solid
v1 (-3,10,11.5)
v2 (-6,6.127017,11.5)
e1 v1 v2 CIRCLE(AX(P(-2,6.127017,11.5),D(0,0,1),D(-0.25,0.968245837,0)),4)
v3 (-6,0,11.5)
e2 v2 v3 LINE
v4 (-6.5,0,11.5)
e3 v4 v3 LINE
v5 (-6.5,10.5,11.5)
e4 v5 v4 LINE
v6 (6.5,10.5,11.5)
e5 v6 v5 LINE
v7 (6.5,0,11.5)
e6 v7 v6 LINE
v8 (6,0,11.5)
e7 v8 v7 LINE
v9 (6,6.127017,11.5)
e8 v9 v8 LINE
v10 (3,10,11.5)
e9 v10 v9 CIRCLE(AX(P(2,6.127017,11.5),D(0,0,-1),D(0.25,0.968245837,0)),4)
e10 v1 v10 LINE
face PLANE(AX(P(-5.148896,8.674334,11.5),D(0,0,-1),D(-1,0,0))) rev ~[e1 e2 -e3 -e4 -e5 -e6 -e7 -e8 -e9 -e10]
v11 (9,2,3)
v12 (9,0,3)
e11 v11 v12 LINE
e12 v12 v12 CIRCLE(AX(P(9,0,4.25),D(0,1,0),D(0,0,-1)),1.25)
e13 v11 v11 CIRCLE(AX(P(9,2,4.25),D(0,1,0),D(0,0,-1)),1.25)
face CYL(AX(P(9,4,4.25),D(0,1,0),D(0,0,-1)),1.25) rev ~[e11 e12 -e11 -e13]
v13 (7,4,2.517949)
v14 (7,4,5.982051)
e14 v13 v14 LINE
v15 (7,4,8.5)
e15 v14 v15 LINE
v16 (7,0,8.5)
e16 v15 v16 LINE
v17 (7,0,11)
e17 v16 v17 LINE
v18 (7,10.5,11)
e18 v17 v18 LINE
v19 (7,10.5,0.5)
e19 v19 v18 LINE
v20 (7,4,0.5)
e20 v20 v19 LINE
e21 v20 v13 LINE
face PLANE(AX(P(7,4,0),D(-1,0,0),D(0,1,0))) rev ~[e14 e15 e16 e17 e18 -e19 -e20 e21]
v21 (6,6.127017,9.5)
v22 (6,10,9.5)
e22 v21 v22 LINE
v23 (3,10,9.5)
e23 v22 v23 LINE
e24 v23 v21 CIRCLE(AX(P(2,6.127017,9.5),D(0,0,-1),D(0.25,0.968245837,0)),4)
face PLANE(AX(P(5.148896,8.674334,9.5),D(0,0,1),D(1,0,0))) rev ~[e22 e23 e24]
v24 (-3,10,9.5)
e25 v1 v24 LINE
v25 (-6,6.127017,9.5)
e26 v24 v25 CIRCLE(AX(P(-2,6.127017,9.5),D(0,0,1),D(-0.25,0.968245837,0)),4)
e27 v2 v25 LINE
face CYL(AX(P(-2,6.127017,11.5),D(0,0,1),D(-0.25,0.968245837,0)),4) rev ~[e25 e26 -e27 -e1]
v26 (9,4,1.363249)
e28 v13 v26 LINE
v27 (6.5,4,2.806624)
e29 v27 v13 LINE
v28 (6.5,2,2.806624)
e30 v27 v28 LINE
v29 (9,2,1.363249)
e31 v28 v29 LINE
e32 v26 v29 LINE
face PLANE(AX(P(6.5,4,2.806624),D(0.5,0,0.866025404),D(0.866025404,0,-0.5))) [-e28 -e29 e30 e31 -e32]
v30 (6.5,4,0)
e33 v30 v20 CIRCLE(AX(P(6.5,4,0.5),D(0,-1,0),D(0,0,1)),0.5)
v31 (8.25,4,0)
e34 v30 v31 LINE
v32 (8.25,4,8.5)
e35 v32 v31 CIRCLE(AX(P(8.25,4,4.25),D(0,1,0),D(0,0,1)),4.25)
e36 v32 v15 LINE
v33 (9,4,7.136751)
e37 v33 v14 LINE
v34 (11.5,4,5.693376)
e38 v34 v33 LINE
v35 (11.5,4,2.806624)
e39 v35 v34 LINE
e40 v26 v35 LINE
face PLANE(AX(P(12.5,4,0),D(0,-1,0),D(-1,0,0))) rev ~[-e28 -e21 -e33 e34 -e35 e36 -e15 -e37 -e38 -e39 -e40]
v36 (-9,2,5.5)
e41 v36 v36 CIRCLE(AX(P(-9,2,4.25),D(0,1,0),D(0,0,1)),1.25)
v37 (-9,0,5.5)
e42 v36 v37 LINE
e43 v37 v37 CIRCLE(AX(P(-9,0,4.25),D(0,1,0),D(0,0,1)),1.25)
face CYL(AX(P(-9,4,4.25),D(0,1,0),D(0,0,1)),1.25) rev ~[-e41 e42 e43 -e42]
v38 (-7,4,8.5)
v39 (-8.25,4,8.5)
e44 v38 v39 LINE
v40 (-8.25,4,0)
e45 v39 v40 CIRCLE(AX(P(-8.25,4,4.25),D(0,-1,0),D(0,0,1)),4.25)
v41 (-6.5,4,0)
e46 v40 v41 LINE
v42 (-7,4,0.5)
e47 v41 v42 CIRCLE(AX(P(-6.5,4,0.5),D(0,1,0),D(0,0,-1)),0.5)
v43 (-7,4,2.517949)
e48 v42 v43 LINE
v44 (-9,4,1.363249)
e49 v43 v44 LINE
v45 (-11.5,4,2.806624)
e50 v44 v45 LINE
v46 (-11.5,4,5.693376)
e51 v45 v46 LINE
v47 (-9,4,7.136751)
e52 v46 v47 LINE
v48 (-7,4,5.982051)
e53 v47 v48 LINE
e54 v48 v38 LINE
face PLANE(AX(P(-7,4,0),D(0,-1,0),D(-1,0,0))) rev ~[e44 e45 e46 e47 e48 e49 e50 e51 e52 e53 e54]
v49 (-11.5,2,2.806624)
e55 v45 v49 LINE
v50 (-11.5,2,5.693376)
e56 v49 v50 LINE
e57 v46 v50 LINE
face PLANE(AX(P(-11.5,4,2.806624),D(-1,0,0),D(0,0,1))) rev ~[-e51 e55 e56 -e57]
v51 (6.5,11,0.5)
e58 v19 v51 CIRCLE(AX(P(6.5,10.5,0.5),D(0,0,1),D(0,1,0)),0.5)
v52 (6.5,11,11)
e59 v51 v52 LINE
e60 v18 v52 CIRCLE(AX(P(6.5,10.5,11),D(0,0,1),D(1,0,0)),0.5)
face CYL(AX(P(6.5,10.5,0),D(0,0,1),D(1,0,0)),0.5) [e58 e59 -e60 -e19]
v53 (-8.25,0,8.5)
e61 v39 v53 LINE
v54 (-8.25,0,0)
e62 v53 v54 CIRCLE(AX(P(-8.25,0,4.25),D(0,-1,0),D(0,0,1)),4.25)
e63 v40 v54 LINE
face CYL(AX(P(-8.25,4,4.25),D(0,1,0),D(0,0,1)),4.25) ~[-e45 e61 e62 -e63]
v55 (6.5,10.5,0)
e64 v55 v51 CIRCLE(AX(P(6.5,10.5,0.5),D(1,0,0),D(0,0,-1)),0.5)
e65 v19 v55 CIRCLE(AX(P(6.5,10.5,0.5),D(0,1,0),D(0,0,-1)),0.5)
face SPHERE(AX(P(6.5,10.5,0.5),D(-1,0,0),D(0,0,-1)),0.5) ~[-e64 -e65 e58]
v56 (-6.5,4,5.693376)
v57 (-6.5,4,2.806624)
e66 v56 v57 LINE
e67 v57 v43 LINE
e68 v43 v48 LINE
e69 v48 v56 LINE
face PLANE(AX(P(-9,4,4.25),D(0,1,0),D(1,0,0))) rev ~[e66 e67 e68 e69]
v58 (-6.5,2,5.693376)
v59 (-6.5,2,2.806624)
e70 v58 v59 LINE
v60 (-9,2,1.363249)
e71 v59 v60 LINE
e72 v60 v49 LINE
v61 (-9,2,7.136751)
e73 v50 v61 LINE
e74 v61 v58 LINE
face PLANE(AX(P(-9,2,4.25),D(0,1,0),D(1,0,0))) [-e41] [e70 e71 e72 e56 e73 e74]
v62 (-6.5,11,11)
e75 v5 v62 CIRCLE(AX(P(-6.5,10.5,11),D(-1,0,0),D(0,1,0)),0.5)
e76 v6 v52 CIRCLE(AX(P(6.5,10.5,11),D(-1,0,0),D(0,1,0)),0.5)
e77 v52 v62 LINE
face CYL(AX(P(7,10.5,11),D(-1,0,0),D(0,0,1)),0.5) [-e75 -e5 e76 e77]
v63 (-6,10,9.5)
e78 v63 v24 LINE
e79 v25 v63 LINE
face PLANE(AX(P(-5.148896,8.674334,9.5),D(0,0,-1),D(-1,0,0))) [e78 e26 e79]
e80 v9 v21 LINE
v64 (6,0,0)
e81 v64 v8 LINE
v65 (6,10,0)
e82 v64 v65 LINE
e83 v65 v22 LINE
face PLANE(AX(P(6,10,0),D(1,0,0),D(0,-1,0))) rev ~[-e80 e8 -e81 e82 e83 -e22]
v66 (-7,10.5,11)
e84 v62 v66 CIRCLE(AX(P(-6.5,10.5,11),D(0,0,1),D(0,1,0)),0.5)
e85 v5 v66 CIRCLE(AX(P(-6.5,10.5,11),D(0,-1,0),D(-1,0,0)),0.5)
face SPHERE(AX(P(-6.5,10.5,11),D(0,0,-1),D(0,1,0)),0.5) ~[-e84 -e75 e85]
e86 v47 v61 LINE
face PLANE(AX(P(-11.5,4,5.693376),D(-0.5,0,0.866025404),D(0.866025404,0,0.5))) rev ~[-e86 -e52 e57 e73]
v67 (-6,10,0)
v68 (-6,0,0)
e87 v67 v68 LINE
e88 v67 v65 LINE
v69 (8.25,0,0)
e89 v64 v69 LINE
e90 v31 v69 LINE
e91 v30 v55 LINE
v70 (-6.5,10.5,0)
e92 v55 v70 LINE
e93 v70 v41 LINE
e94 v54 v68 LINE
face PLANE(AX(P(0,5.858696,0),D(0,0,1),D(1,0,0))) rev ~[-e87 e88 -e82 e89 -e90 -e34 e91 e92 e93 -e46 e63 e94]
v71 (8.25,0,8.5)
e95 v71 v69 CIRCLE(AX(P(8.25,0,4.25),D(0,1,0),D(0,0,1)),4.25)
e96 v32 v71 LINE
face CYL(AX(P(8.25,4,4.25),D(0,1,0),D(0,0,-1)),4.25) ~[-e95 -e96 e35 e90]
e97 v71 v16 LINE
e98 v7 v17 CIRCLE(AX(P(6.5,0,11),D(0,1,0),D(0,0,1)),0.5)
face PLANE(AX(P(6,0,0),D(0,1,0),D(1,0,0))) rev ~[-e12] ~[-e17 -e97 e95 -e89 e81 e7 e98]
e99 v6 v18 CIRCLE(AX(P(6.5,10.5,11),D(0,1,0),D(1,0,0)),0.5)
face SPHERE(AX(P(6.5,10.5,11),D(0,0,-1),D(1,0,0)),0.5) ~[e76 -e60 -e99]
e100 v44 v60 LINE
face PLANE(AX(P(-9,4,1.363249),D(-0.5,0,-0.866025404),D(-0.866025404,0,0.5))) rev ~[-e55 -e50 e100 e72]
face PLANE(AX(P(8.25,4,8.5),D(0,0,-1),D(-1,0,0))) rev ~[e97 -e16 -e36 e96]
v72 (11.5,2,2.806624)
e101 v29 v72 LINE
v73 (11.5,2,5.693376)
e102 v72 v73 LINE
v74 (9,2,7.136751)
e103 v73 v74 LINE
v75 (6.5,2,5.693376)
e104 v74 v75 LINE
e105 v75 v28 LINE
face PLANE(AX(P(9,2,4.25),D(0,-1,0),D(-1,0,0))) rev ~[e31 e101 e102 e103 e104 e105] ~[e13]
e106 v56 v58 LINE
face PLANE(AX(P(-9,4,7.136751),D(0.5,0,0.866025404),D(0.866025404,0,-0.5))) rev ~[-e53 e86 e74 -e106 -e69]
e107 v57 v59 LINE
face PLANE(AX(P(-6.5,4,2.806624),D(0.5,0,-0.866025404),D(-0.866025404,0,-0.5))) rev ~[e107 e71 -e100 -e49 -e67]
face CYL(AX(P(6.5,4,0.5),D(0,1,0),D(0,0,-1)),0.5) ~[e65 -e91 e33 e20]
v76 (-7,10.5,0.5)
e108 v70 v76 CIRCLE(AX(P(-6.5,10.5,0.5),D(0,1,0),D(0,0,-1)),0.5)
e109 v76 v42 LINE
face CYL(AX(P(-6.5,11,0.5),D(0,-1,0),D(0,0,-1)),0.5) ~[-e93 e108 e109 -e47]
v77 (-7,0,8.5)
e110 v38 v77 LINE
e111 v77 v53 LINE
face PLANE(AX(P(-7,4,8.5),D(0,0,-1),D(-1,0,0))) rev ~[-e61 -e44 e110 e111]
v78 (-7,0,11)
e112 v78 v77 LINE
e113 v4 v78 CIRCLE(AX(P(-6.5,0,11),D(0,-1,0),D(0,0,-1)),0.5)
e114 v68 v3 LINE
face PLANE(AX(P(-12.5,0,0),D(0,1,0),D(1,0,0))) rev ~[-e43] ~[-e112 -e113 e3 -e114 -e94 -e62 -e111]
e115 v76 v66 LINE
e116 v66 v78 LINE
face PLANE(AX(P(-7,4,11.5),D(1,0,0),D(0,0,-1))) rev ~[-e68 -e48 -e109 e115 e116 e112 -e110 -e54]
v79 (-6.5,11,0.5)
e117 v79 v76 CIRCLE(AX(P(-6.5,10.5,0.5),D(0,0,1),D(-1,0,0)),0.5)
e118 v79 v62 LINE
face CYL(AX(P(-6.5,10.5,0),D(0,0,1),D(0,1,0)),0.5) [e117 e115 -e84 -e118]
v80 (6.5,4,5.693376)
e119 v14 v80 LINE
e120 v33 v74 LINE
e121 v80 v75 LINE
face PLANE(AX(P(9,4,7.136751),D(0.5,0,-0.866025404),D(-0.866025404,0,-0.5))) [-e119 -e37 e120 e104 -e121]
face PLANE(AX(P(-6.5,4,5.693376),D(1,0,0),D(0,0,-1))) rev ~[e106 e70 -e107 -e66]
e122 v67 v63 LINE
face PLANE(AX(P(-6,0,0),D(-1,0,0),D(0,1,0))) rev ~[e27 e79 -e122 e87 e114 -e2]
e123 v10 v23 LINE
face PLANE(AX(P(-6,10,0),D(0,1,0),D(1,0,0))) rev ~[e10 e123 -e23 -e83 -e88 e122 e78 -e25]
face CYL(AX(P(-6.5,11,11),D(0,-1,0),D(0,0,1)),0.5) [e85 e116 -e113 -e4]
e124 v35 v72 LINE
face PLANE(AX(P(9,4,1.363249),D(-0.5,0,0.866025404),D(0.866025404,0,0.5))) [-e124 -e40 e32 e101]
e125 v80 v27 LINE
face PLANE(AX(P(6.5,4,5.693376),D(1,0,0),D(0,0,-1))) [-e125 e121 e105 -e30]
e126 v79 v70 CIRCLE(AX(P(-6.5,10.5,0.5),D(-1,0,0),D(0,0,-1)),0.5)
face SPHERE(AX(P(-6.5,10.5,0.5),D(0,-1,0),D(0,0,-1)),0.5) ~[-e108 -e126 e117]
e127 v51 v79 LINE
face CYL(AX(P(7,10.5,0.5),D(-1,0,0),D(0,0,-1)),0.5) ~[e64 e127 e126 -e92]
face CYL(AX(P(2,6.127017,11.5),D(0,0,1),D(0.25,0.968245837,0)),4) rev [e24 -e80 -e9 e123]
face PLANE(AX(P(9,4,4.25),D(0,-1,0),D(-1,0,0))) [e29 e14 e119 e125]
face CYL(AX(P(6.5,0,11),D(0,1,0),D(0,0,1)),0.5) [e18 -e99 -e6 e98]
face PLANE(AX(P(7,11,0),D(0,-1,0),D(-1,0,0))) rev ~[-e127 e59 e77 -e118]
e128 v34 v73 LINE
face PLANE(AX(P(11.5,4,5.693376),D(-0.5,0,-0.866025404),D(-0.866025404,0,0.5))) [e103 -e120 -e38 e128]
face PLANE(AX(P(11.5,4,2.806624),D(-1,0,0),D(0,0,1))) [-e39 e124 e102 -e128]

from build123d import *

# Parameters (mm, degrees)
P_IDAT_VYSUNUT_M1_DEPTH  = 11.5
SKICA3_OUTSIDE_W         = 32.928
SKICA3_OUTSIDE_H         = 19.428
ODEBRAT_VYSUNUT_M1_DEPTH = 19.371173071
SKICA4_R                 = 1.25
ODEBRAT_VYSUNUT_M2_DEPTH = 19.371173071
ODEBRAT_VYSUNUT_M3_DEPTH = 2
P_IDAT_VYSUNUT_M2_DEPTH  = 2
ZAOBLIT2_R               = 0.5


with BuildPart() as part:
    # Skica1 → Přidat vysunutím1 (new body)
    with BuildSketch(Plane.XY):
        Polygon((-12.5, 0), (-6, 0), (-6, 10), (6, 10), (6, 0), (12.5, 0), (12.5, 4), (7, 4), (7, 11), (-7, 11), (-7, 4), (-12.5, 4), align=None)
    extrude(amount=P_IDAT_VYSUNUT_M1_DEPTH)

    # Skica3 outside → Odebrat vysunutím1 (cut, through all)
    with BuildSketch(Plane(origin=(0, 4, 0), x_dir=(1, 0, 0), z_dir=(0, 1, 0))):
        with Locations((0, -5.75)):
            Rectangle(SKICA3_OUTSIDE_W, SKICA3_OUTSIDE_H)
        with BuildLine():
            Line((-8.25, 0), (-7, 0))
            Line((-7, 0), (7, 0))
            Line((7, 0), (8.25, 0))
            ThreePointArc((8.25, 0), (12.5, -4.25), (8.25, -8.5))
            Line((8.25, -8.5), (7, -8.5))
            Line((7, -8.5), (7, -11.5))
            Line((7, -11.5), (-7, -11.5))
            Line((-7, -11.5), (-7, -8.5))
            Line((-7, -8.5), (-8.25, -8.5))
            ThreePointArc((-8.25, -8.5), (-12.5, -4.25), (-8.25, 0))
        make_face(mode=Mode.SUBTRACT)
    extrude(amount=-ODEBRAT_VYSUNUT_M1_DEPTH, mode=Mode.SUBTRACT)

    # Skica4 → Odebrat vysunutím2 (cut, through all)
    with BuildSketch(Plane(origin=(0, 4, 0), x_dir=(1, 0, 0), z_dir=(0, 1, 0))):
        with Locations(Location((-9, -4.25, 0), (0, 0, 270))):
            Circle(SKICA4_R)
        with Locations(Location((9, -4.25, 0), (0, 0, 90))):
            Circle(SKICA4_R)
    extrude(amount=-ODEBRAT_VYSUNUT_M2_DEPTH, mode=Mode.SUBTRACT)

    # Skica5 → Odebrat vysunutím3 (cut)
    with BuildSketch(Plane(origin=(0, 4, 0), x_dir=(1, 0, 0), z_dir=(0, 1, 0))):
        Polygon((-6.5, -5.693375673), (-6.5, -2.806624327), (-9, -1.363248654), (-11.5, -2.806624327), (-11.5, -5.693375673), (-9, -7.136751346), align=None)
        Polygon((9, -7.136751346), (6.5, -5.693375673), (6.5, -2.806624327), (9, -1.363248654), (11.5, -2.806624327), (11.5, -5.693375673), align=None)
    extrude(amount=-ODEBRAT_VYSUNUT_M3_DEPTH, mode=Mode.SUBTRACT)

    # Skica6 → Přidat vysunutím2 (add)
    with BuildSketch(Plane.XY.offset(11.5)):
        with BuildLine():
            Line((-6, 10), (-3, 10))
            ThreePointArc((-3, 10), (-5.16227766, 8.576506397), (-6, 6.127016654))
            Line((-6, 6.127016654), (-6, 10))
        make_face()
        with BuildLine():
            Line((6, 6.127016654), (6, 10))
            Line((6, 10), (3, 10))
            ThreePointArc((3, 10), (5.16227766, 8.576506397), (6, 6.127016654))
        make_face()
    extrude(amount=-P_IDAT_VYSUNUT_M2_DEPTH)

    # Zaoblit2
    zaoblit2_edges = [part.edges().sort_by_distance(p)[0] for p in [
        (-7, 7.5, 0),
        (0, 11, 0),
        (7, 7.5, 0),
        (-7, 11, 5.75),
        (7, 11, 5.75),
        (7, 5.5, 11.5),
        (0, 11, 11.5),
        (-7, 5.5, 11.5),
    ]]
    fillet(zaoblit2_edges, radius=ZAOBLIT2_R)


solid = part.part
